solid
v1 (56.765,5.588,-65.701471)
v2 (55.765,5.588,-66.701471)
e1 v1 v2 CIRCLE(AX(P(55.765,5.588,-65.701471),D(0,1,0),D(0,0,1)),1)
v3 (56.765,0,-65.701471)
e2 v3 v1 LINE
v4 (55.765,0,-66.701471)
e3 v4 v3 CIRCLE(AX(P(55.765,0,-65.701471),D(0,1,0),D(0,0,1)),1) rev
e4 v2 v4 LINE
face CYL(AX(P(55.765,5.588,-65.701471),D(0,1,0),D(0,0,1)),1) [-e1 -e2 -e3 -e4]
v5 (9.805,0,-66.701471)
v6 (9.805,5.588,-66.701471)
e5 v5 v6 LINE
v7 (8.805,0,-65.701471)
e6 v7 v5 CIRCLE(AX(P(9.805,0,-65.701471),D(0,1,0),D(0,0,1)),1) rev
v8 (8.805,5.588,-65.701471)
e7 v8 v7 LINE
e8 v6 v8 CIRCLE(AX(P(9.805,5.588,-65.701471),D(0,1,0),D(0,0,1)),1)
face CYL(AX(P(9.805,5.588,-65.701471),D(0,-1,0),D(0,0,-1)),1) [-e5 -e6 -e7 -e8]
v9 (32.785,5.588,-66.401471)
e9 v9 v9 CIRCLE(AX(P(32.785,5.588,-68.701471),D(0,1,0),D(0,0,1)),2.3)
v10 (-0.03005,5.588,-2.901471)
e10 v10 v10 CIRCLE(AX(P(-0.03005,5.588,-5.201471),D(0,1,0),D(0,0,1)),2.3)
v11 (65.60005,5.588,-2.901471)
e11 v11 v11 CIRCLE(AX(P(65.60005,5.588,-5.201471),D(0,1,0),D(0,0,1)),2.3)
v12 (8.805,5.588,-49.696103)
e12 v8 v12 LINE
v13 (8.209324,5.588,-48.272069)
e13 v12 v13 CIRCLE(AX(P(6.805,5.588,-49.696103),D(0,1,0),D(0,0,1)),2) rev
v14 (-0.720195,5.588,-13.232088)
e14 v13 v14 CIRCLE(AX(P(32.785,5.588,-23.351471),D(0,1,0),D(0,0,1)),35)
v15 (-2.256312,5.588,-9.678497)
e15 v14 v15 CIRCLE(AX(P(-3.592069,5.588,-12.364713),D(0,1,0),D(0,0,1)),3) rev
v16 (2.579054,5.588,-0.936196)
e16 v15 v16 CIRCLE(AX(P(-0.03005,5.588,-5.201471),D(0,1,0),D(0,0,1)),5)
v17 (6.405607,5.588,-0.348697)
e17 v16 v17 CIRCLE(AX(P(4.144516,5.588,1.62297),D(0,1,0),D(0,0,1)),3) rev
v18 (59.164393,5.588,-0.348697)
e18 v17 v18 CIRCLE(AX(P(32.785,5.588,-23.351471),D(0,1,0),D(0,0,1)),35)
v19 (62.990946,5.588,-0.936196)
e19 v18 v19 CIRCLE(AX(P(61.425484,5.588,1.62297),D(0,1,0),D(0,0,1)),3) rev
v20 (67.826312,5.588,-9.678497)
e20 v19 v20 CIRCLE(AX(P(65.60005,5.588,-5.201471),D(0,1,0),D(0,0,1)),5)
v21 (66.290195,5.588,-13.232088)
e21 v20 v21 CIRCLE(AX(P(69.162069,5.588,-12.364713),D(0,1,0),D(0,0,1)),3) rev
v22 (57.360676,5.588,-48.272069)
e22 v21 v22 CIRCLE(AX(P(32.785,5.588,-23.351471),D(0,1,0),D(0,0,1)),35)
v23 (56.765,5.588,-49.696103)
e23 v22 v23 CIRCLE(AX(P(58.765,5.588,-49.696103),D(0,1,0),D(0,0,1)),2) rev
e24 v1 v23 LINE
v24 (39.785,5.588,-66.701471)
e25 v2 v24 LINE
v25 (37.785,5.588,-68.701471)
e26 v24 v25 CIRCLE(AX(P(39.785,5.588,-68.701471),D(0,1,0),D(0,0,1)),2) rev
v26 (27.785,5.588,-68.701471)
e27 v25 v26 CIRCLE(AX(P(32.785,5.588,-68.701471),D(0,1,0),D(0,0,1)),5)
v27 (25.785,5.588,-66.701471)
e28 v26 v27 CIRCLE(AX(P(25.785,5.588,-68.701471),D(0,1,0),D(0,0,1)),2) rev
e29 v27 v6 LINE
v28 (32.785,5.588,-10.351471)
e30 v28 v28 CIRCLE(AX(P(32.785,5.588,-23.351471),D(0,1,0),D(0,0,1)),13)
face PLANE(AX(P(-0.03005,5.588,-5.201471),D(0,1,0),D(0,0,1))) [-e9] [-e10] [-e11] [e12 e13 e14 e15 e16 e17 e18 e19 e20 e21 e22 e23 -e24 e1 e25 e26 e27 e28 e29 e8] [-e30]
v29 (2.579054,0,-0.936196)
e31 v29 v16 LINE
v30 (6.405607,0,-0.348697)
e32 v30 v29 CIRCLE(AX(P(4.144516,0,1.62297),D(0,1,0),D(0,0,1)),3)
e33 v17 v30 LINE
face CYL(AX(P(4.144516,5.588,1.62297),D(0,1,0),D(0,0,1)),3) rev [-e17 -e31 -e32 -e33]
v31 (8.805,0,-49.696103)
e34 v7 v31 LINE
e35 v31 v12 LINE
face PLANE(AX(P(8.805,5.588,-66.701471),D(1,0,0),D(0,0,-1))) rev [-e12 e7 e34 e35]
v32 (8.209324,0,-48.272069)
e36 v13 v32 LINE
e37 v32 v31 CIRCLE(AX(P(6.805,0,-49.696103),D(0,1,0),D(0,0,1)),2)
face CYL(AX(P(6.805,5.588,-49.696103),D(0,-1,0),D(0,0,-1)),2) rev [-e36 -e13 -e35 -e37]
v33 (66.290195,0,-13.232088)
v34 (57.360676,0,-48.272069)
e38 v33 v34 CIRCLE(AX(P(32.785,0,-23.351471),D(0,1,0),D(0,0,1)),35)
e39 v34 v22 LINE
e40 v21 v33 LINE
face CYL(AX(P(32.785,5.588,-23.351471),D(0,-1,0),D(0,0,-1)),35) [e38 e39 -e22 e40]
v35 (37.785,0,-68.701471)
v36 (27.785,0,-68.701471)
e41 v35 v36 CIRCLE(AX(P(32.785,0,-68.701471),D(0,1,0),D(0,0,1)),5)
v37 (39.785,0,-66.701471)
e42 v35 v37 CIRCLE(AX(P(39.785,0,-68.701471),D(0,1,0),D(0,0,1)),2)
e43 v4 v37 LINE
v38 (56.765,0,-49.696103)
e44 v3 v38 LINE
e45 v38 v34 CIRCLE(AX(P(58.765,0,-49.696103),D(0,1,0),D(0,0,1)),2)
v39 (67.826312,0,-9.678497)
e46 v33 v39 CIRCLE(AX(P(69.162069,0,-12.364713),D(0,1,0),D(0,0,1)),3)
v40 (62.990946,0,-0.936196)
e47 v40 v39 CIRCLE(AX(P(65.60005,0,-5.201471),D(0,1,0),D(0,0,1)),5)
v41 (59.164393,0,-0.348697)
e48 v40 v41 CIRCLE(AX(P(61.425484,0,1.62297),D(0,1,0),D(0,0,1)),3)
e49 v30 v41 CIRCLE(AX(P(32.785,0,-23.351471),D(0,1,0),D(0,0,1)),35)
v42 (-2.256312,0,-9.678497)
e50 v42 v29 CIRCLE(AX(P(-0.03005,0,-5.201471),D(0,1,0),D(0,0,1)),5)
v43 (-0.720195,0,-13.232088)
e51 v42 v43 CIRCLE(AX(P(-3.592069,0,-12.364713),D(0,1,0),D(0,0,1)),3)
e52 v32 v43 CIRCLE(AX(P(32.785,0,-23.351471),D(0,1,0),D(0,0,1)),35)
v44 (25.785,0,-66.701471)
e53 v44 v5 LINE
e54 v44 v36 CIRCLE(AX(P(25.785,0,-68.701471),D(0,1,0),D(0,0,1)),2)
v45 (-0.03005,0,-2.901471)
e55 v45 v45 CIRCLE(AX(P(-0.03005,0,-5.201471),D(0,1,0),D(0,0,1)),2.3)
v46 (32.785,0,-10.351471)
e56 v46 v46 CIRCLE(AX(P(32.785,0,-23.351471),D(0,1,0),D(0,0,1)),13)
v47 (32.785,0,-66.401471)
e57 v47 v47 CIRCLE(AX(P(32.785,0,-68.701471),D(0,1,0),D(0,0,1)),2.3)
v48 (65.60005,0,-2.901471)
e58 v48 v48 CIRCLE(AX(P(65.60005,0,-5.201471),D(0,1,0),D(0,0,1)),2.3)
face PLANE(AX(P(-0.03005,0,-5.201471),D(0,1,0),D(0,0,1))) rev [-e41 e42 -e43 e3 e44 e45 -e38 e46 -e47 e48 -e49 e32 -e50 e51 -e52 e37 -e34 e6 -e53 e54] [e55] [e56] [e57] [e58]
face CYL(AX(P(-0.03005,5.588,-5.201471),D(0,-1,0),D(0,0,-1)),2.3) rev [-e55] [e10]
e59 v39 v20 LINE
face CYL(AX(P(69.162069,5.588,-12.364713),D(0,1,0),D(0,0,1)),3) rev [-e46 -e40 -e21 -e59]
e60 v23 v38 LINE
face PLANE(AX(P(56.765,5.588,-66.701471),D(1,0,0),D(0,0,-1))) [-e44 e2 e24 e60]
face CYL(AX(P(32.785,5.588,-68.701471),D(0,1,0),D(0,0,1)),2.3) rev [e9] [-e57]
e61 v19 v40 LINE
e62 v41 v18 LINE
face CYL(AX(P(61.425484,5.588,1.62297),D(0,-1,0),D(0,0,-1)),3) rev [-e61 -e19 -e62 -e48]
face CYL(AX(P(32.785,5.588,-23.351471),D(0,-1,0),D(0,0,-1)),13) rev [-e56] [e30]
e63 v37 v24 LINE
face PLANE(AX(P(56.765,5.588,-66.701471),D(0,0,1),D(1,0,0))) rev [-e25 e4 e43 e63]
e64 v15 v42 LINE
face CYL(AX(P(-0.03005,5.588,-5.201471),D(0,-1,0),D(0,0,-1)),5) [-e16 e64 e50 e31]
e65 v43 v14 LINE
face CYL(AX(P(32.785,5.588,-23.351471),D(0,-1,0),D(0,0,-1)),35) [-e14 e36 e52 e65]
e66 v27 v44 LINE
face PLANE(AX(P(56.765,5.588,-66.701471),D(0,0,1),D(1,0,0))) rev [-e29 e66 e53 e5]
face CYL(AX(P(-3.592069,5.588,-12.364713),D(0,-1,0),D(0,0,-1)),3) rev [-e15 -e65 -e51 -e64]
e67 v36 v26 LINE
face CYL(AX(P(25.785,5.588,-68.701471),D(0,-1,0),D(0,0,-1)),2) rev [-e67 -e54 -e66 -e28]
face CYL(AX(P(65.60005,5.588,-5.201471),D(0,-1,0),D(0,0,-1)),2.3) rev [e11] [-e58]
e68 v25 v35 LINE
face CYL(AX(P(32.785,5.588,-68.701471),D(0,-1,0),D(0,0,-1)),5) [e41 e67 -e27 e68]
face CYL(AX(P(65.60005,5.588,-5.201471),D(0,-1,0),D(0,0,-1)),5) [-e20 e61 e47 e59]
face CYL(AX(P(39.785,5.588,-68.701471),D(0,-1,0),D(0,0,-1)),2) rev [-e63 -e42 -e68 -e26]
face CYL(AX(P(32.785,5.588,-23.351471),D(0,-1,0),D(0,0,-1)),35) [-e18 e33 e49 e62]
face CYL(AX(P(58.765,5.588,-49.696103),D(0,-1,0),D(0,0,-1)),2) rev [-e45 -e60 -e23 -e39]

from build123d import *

# Parameters (mm, degrees)
SKETCH1_R                  = 35
SKETCH1_R_2                = 13
SKETCH1_R_3                = 5
SKETCH1_R_4                = 2.3
SKETCH1_W                  = 47.96
SKETCH1_H                  = 25
BOSS_EXTRUDE3_DEPTH        = 5.588
F_4_6_4_6_DIAMETER_HOLE1_D = 4.6
FILLET1_R                  = 3
FILLET2_R                  = 2
FILLET3_R                  = 2
FILLET4_R                  = 1


with BuildPart() as part:
    # Sketch1 → Boss-Extrude3 (new body)
    # profile 1 of 5: a face of its own
    with BuildSketch(Plane(origin=(0, 0, 0), x_dir=(1, 0, 0), z_dir=(0, 1, 0))):
        with Locations((32.785, 23.351471482)):
            Circle(SKETCH1_R)
        with Locations(Location((32.785, 23.351471482, 0), (0, 0, 270))):
            Circle(SKETCH1_R_2, mode=Mode.SUBTRACT)
    # profile 2 of 5: a face of its own
    with BuildSketch(Plane(origin=(0, 0, 0), x_dir=(1, 0, 0), z_dir=(0, 1, 0))):
        with Locations((65.600049901, 5.201471482)):
            Circle(SKETCH1_R_3)
        with Locations(Location((65.600049901, 5.201471482, 0), (0, 0, 270))):
            Circle(SKETCH1_R_4, mode=Mode.SUBTRACT)
    # profile 3 of 5: a face of its own
    with BuildSketch(Plane(origin=(0, 0, 0), x_dir=(1, 0, 0), z_dir=(0, 1, 0))):
        with Locations((-0.030049901, 5.201471482)):
            Circle(SKETCH1_R_3)
        with Locations(Location((-0.030049901, 5.201471482, 0), (0, 0, 270))):
            Circle(SKETCH1_R_4, mode=Mode.SUBTRACT)
    # profile 4 of 5: a face of its own
    with BuildSketch(Plane(origin=(0, 0, 0), x_dir=(1, 0, 0), z_dir=(0, 1, 0))):
        with Locations((32.785, 68.701471482)):
            Circle(SKETCH1_R_3)
    # profile 5 of 5: a face of its own
    with BuildSketch(Plane(origin=(0, 0, 0), x_dir=(1, 0, 0), z_dir=(0, 1, 0))):
        with Locations((32.785, 54.201471482)):
            Rectangle(SKETCH1_W, SKETCH1_H)
    extrude(amount=BOSS_EXTRUDE3_DEPTH)

    # Ø4.6 (4.6) Diameter Hole1 (through all)
    with Locations(Plane(origin=(0, 5.588, 0), x_dir=(1, 0, 0), z_dir=(0, 1, 0))):
        with Locations((32.785, 68.701471482)):
            Hole(F_4_6_4_6_DIAMETER_HOLE1_D / 2)

    # Fillet1
    fillet1_edges = [part.edges().sort_by_distance(p)[0] for p in [
        (65.214711372, 2.794, -10.18660079),
        (61.172514444, 2.794, -2.878342174),
        (0.355288628, 2.794, -10.18660079),
        (4.397485556, 2.794, -2.878342174),
    ]]
    fillet(fillet1_edges, radius=FILLET1_R)

    # Fillet2
    fillet2_edges = [part.edges().sort_by_distance(p)[0] for p in [
        (28.202424305, 2.794, -66.701471482),
        (37.367575695, 2.794, -66.701471482),
    ]]
    fillet(fillet2_edges, radius=FILLET2_R)

    # Fillet3
    fillet3_edges = [part.edges().sort_by_distance(p)[0] for p in [
        (8.805, 2.794, -48.845776728),
        (56.765, 2.794, -48.845776728),
    ]]
    fillet(fillet3_edges, radius=FILLET3_R)

    # Fillet4
    fillet4_edges = [part.edges().sort_by_distance(p)[0] for p in [
        (56.765, 2.794, -66.701471482),
        (8.805, 2.794, -66.701471482),
    ]]
    fillet(fillet4_edges, radius=FILLET4_R)


solid = part.part
